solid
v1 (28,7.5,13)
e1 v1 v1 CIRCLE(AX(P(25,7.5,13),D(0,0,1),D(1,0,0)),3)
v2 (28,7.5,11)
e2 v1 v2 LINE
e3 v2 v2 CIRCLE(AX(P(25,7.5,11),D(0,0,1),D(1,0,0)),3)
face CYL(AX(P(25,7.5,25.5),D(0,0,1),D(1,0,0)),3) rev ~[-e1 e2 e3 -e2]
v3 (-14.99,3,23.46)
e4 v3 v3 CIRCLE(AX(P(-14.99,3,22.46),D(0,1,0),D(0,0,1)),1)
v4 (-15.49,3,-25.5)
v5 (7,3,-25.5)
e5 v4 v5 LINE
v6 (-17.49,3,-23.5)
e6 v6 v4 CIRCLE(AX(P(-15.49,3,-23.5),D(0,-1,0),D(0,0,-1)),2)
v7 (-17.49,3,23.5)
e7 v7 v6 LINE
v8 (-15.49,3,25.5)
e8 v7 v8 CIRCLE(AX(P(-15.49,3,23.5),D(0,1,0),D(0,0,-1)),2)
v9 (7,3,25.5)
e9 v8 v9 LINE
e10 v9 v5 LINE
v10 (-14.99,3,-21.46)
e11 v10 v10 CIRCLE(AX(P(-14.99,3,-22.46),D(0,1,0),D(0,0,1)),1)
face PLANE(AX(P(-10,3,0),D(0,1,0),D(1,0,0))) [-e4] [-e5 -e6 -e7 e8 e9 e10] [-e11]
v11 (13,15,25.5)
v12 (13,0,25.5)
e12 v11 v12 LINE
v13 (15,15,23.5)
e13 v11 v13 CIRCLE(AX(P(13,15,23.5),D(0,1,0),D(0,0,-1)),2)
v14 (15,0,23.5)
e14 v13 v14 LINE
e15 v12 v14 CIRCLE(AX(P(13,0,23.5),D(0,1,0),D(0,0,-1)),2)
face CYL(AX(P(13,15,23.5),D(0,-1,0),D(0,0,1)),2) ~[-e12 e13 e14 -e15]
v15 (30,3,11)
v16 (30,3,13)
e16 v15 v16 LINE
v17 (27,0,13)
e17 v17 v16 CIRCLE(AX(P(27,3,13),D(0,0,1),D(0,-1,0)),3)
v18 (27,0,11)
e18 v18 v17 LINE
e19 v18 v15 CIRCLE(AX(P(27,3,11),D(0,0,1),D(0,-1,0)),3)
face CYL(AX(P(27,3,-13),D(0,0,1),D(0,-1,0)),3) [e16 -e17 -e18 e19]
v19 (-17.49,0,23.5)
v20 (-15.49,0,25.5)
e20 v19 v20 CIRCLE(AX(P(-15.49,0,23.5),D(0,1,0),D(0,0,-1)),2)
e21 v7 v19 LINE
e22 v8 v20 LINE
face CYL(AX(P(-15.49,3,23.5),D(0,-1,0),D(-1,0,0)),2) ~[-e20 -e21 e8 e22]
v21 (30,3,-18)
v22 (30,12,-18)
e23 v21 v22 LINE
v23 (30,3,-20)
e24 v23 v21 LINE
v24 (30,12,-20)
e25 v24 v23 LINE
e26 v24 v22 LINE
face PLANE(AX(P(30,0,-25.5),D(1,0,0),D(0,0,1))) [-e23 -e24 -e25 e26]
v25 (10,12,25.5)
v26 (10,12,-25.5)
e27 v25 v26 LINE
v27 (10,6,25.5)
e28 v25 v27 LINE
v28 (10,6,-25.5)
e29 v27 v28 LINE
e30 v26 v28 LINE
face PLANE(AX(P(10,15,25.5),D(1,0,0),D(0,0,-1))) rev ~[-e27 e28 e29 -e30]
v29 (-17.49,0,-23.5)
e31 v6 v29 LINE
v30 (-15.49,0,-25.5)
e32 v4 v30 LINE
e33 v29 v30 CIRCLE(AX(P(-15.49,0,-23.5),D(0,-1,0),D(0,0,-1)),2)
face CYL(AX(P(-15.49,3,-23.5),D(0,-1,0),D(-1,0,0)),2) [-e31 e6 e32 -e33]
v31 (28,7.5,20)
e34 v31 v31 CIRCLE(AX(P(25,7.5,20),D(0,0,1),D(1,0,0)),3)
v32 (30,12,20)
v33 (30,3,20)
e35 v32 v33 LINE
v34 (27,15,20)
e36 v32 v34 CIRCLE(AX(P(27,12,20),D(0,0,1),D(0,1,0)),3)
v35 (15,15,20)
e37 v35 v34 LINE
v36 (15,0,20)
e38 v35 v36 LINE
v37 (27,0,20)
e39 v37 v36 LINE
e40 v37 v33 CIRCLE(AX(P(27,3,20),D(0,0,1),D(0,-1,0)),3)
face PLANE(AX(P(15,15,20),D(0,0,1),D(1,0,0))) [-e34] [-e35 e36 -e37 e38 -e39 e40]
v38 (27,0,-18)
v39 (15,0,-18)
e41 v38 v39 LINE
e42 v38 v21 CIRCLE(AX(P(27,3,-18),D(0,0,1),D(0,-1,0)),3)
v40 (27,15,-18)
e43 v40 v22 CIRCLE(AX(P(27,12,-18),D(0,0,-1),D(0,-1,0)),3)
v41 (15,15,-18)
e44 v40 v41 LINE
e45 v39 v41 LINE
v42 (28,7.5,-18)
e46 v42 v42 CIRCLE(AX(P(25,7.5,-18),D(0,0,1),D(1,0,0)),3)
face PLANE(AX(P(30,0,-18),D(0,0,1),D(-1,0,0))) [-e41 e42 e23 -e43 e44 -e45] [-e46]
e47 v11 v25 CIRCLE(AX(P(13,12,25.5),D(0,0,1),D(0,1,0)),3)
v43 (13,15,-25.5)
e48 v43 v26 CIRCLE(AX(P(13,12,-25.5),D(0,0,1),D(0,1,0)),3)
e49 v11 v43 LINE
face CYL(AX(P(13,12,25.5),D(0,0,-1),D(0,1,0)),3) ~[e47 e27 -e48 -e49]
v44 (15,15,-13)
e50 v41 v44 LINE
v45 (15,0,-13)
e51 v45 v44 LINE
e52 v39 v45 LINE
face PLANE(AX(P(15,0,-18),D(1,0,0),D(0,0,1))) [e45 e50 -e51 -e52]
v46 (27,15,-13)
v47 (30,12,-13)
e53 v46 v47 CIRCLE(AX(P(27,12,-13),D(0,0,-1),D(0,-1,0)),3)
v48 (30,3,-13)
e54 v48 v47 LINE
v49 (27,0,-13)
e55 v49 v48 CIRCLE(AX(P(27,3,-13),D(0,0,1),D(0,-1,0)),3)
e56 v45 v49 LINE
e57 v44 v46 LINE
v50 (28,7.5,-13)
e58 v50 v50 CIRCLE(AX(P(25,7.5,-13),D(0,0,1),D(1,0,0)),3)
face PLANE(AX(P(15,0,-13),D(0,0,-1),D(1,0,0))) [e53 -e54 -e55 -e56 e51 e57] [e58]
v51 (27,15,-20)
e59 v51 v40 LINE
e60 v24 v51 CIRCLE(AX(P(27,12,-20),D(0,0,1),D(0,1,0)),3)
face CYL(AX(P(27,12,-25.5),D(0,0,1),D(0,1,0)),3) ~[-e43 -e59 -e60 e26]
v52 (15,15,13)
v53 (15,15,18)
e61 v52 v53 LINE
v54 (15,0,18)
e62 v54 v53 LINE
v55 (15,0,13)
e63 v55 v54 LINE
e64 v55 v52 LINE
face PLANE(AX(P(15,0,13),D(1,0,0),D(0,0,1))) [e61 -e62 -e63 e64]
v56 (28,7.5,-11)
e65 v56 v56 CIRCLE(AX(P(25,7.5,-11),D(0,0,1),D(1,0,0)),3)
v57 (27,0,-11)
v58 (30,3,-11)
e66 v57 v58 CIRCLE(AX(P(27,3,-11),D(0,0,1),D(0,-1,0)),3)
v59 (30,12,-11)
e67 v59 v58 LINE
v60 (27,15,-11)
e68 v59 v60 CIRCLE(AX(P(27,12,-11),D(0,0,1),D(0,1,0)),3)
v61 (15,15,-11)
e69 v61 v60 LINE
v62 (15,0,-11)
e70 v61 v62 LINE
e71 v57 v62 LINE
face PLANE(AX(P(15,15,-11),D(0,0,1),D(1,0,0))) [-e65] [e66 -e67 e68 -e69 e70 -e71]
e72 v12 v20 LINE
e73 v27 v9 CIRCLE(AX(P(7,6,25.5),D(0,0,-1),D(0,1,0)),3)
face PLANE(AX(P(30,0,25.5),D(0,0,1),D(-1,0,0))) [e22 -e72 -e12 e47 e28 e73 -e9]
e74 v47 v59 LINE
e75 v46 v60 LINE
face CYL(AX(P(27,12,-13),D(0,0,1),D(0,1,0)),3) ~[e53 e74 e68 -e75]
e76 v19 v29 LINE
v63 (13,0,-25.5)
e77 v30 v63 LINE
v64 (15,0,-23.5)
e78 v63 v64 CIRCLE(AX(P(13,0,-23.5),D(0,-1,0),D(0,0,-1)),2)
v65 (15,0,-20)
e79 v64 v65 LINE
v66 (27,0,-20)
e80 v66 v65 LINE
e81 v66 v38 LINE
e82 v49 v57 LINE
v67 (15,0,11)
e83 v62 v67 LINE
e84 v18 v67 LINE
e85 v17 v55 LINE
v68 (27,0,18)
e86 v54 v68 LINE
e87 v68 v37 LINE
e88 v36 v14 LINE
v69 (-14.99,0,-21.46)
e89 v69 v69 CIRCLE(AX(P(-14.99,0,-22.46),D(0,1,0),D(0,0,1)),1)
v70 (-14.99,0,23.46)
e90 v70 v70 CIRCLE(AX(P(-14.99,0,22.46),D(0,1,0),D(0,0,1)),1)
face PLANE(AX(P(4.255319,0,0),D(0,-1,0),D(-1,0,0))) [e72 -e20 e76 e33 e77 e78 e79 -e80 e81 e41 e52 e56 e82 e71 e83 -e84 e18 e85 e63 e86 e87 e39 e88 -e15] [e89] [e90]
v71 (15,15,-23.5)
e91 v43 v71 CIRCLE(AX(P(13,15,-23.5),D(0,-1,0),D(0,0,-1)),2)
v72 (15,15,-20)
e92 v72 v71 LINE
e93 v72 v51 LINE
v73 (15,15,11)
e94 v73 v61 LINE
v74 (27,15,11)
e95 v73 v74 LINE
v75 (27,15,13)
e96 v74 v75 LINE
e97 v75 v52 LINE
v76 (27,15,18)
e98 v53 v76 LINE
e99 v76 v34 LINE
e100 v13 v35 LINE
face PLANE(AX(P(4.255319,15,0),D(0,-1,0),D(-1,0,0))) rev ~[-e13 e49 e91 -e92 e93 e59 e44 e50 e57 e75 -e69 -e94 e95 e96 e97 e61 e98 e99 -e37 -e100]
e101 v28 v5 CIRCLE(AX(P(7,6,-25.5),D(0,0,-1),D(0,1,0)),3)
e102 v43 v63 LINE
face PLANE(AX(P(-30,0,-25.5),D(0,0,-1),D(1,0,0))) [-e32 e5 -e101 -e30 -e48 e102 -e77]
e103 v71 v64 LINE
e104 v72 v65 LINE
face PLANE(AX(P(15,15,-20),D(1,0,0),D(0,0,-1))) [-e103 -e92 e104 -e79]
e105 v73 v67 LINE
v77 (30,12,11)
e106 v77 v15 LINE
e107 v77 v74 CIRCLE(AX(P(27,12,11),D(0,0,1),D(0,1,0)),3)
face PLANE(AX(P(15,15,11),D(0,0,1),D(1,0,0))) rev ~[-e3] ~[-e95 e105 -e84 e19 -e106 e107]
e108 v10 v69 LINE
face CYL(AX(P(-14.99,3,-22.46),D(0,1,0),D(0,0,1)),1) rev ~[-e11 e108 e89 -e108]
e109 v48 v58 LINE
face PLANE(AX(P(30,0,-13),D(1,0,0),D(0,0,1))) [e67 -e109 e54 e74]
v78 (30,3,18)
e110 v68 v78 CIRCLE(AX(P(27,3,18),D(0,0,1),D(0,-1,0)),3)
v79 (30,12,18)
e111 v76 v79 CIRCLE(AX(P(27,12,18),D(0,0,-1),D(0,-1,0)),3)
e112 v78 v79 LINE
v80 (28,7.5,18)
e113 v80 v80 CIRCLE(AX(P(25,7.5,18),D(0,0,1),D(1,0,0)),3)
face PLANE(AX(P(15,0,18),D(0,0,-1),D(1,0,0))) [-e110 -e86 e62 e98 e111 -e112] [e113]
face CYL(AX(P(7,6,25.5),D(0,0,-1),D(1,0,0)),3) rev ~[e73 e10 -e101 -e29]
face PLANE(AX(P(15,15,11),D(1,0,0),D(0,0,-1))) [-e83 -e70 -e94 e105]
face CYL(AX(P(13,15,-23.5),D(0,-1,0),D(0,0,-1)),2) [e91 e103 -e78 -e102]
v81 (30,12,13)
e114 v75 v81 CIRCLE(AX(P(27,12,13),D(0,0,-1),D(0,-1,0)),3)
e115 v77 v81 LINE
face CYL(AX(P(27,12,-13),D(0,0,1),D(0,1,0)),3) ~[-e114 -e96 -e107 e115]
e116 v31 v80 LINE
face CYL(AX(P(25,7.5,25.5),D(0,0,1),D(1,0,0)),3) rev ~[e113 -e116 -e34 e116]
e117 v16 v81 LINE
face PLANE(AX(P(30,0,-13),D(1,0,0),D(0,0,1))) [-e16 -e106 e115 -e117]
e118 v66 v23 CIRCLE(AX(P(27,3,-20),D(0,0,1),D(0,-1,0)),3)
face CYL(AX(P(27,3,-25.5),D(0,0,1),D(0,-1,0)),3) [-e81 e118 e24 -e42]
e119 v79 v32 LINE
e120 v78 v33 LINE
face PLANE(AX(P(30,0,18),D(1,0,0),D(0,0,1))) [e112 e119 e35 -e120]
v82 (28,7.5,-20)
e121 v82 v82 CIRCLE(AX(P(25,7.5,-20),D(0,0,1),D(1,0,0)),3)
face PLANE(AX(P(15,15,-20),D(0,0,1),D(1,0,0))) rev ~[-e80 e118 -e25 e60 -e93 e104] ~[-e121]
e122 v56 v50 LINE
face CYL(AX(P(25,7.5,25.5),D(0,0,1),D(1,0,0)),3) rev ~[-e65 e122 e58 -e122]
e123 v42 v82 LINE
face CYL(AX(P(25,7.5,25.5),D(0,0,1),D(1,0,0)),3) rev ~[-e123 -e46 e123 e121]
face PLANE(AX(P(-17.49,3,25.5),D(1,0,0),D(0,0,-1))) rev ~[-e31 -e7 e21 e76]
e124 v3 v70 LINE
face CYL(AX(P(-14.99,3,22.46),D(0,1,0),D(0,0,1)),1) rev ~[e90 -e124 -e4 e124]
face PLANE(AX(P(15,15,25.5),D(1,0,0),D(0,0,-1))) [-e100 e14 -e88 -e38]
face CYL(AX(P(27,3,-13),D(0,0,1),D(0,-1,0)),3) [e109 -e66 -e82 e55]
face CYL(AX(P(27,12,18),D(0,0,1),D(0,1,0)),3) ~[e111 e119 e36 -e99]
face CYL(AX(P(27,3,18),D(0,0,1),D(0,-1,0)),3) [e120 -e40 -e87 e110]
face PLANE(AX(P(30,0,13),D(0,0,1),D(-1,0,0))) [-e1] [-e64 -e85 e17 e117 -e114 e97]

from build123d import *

# Parameters (mm, degrees)
BOSS_EXTRUDE1_DEPTH = 15
SKETCH2_R           = 3
CUT_EXTRUDE1_DEPTH  = 51
FILLET1_R           = 3
FILLET2_R           = 3
FILLET3_R           = 3
FILLET4_R           = 3
FILLET5_R           = 3
FILLET6_R           = 3
SKETCH4_W           = 40
SKETCH4_H           = 51
CUT_EXTRUDE2_DEPTH  = 12
SKETCH5_R           = 1
CUT_EXTRUDE3_DEPTH  = 12
FILLET7_R           = 3
FILLET8_R           = 3
SKETCH7_W           = 15
SKETCH7_H           = 22
CUT_EXTRUDE5_DEPTH  = 20
SKETCH9_W           = 15
SKETCH9_H           = 5.5
CUT_EXTRUDE6_DEPTH  = 20
FILLET11_R          = 2
FILLET12_R          = 2
SKETCH11_W          = 12.51
SKETCH11_H          = 51
CUT_EXTRUDE7_DEPTH  = 3
FILLET13_R          = 2
FILLET14_R          = 2


with BuildPart() as part:
    # Sketch1 → Boss-Extrude1 (new body)
    with BuildSketch(Plane(origin=(0, 0, 0), x_dir=(1, 0, 0), z_dir=(0, 1, 0))):
        Polygon((-30, 25.5), (30, 25.5), (30, 18), (15, 18), (15, 13), (30, 13), (30, -13), (15, -13), (15, -18), (30, -18), (30, -25.5), (-30, -25.5), align=None)
    extrude(amount=BOSS_EXTRUDE1_DEPTH)

    # Sketch2 → Cut-Extrude1 (cut)
    with BuildSketch(Plane.XY.offset(25.5)):
        with Locations((25, 7.5)):
            Circle(SKETCH2_R)
    extrude(amount=-CUT_EXTRUDE1_DEPTH, mode=Mode.SUBTRACT)

    # Fillet1
    fillet1_edges = [part.edges().sort_by_distance(p)[0] for p in [
        (30, 15, 21.75),
    ]]
    fillet(fillet1_edges, radius=FILLET1_R)

    # Fillet2
    fillet2_edges = [part.edges().sort_by_distance(p)[0] for p in [
        (30, 15, 0),
    ]]
    fillet(fillet2_edges, radius=FILLET2_R)

    # Fillet3
    fillet3_edges = [part.edges().sort_by_distance(p)[0] for p in [
        (30, 15, -21.75),
    ]]
    fillet(fillet3_edges, radius=FILLET3_R)

    # Fillet4
    fillet4_edges = [part.edges().sort_by_distance(p)[0] for p in [
        (30, 0, 21.75),
    ]]
    fillet(fillet4_edges, radius=FILLET4_R)

    # Fillet5
    fillet5_edges = [part.edges().sort_by_distance(p)[0] for p in [
        (30, 0, 0),
    ]]
    fillet(fillet5_edges, radius=FILLET5_R)

    # Fillet6
    fillet6_edges = [part.edges().sort_by_distance(p)[0] for p in [
        (30, 0, -21.75),
    ]]
    fillet(fillet6_edges, radius=FILLET6_R)

    # Sketch4 → Cut-Extrude2 (cut)
    with BuildSketch(Plane(origin=(0, 15, 0), x_dir=(1, 0, 0), z_dir=(0, 1, 0))):
        with Locations((-10, 0)):
            Rectangle(SKETCH4_W, SKETCH4_H)
    extrude(amount=-CUT_EXTRUDE2_DEPTH, mode=Mode.SUBTRACT)

    # Sketch5 → Cut-Extrude3 (cut)
    with BuildSketch(Plane(origin=(0, 3, 0), x_dir=(1, 0, 0), z_dir=(0, 1, 0))):
        with Locations(Location((-14.99, 22.46, 0), (0, 0, 270))):
            Circle(SKETCH5_R)
        with Locations(Location((-14.99, -22.46, 0), (0, 0, 270))):
            Circle(SKETCH5_R)
    extrude(amount=-CUT_EXTRUDE3_DEPTH, mode=Mode.SUBTRACT)

    # Fillet7
    fillet7_edges = [part.edges().sort_by_distance(p)[0] for p in [
        (10, 15, 0),
    ]]
    fillet(fillet7_edges, radius=FILLET7_R)

    # Fillet8
    fillet8_edges = [part.edges().sort_by_distance(p)[0] for p in [
        (10, 3, 0),
    ]]
    fillet(fillet8_edges, radius=FILLET8_R)

    # Sketch7 → Cut-Extrude5 (cut)
    with BuildSketch(Plane(origin=(0, 15, 0), x_dir=(1, 0, 0), z_dir=(0, 1, 0))):
        with Locations((22.5, 0)):
            Rectangle(SKETCH7_W, SKETCH7_H)
    extrude(amount=-CUT_EXTRUDE5_DEPTH, mode=Mode.SUBTRACT)

    # Sketch9 → Cut-Extrude6 (cut)
    with BuildSketch(Plane(origin=(0, 15, 0), x_dir=(1, 0, 0), z_dir=(0, 1, 0))):
        with Locations((22.5, 22.75)):
            Rectangle(SKETCH9_W, SKETCH9_H)
        with Locations((22.5, -22.75)):
            Rectangle(SKETCH9_W, SKETCH9_H)
    extrude(amount=-CUT_EXTRUDE6_DEPTH, mode=Mode.SUBTRACT)

    # Fillet11
    fillet11_edges = [part.edges().sort_by_distance(p)[0] for p in [
        (15, 7.5, 25.5),
    ]]
    fillet(fillet11_edges, radius=FILLET11_R)

    # Fillet12
    fillet12_edges = [part.edges().sort_by_distance(p)[0] for p in [
        (15, 7.5, -25.5),
    ]]
    fillet(fillet12_edges, radius=FILLET12_R)

    # Sketch11 → Cut-Extrude7 (cut)
    with BuildSketch(Plane(origin=(0, 3, 0), x_dir=(1, 0, 0), z_dir=(0, 1, 0))):
        with Locations((-23.745, 0)):
            Rectangle(SKETCH11_W, SKETCH11_H)
    extrude(amount=-CUT_EXTRUDE7_DEPTH, mode=Mode.SUBTRACT)

    # Fillet13
    fillet13_edges = [part.edges().sort_by_distance(p)[0] for p in [
        (-17.49, 1.5, 25.5),
    ]]
    fillet(fillet13_edges, radius=FILLET13_R)

    # Fillet14
    fillet14_edges = [part.edges().sort_by_distance(p)[0] for p in [
        (-17.49, 1.5, -25.5),
    ]]
    fillet(fillet14_edges, radius=FILLET14_R)


solid = part.part
